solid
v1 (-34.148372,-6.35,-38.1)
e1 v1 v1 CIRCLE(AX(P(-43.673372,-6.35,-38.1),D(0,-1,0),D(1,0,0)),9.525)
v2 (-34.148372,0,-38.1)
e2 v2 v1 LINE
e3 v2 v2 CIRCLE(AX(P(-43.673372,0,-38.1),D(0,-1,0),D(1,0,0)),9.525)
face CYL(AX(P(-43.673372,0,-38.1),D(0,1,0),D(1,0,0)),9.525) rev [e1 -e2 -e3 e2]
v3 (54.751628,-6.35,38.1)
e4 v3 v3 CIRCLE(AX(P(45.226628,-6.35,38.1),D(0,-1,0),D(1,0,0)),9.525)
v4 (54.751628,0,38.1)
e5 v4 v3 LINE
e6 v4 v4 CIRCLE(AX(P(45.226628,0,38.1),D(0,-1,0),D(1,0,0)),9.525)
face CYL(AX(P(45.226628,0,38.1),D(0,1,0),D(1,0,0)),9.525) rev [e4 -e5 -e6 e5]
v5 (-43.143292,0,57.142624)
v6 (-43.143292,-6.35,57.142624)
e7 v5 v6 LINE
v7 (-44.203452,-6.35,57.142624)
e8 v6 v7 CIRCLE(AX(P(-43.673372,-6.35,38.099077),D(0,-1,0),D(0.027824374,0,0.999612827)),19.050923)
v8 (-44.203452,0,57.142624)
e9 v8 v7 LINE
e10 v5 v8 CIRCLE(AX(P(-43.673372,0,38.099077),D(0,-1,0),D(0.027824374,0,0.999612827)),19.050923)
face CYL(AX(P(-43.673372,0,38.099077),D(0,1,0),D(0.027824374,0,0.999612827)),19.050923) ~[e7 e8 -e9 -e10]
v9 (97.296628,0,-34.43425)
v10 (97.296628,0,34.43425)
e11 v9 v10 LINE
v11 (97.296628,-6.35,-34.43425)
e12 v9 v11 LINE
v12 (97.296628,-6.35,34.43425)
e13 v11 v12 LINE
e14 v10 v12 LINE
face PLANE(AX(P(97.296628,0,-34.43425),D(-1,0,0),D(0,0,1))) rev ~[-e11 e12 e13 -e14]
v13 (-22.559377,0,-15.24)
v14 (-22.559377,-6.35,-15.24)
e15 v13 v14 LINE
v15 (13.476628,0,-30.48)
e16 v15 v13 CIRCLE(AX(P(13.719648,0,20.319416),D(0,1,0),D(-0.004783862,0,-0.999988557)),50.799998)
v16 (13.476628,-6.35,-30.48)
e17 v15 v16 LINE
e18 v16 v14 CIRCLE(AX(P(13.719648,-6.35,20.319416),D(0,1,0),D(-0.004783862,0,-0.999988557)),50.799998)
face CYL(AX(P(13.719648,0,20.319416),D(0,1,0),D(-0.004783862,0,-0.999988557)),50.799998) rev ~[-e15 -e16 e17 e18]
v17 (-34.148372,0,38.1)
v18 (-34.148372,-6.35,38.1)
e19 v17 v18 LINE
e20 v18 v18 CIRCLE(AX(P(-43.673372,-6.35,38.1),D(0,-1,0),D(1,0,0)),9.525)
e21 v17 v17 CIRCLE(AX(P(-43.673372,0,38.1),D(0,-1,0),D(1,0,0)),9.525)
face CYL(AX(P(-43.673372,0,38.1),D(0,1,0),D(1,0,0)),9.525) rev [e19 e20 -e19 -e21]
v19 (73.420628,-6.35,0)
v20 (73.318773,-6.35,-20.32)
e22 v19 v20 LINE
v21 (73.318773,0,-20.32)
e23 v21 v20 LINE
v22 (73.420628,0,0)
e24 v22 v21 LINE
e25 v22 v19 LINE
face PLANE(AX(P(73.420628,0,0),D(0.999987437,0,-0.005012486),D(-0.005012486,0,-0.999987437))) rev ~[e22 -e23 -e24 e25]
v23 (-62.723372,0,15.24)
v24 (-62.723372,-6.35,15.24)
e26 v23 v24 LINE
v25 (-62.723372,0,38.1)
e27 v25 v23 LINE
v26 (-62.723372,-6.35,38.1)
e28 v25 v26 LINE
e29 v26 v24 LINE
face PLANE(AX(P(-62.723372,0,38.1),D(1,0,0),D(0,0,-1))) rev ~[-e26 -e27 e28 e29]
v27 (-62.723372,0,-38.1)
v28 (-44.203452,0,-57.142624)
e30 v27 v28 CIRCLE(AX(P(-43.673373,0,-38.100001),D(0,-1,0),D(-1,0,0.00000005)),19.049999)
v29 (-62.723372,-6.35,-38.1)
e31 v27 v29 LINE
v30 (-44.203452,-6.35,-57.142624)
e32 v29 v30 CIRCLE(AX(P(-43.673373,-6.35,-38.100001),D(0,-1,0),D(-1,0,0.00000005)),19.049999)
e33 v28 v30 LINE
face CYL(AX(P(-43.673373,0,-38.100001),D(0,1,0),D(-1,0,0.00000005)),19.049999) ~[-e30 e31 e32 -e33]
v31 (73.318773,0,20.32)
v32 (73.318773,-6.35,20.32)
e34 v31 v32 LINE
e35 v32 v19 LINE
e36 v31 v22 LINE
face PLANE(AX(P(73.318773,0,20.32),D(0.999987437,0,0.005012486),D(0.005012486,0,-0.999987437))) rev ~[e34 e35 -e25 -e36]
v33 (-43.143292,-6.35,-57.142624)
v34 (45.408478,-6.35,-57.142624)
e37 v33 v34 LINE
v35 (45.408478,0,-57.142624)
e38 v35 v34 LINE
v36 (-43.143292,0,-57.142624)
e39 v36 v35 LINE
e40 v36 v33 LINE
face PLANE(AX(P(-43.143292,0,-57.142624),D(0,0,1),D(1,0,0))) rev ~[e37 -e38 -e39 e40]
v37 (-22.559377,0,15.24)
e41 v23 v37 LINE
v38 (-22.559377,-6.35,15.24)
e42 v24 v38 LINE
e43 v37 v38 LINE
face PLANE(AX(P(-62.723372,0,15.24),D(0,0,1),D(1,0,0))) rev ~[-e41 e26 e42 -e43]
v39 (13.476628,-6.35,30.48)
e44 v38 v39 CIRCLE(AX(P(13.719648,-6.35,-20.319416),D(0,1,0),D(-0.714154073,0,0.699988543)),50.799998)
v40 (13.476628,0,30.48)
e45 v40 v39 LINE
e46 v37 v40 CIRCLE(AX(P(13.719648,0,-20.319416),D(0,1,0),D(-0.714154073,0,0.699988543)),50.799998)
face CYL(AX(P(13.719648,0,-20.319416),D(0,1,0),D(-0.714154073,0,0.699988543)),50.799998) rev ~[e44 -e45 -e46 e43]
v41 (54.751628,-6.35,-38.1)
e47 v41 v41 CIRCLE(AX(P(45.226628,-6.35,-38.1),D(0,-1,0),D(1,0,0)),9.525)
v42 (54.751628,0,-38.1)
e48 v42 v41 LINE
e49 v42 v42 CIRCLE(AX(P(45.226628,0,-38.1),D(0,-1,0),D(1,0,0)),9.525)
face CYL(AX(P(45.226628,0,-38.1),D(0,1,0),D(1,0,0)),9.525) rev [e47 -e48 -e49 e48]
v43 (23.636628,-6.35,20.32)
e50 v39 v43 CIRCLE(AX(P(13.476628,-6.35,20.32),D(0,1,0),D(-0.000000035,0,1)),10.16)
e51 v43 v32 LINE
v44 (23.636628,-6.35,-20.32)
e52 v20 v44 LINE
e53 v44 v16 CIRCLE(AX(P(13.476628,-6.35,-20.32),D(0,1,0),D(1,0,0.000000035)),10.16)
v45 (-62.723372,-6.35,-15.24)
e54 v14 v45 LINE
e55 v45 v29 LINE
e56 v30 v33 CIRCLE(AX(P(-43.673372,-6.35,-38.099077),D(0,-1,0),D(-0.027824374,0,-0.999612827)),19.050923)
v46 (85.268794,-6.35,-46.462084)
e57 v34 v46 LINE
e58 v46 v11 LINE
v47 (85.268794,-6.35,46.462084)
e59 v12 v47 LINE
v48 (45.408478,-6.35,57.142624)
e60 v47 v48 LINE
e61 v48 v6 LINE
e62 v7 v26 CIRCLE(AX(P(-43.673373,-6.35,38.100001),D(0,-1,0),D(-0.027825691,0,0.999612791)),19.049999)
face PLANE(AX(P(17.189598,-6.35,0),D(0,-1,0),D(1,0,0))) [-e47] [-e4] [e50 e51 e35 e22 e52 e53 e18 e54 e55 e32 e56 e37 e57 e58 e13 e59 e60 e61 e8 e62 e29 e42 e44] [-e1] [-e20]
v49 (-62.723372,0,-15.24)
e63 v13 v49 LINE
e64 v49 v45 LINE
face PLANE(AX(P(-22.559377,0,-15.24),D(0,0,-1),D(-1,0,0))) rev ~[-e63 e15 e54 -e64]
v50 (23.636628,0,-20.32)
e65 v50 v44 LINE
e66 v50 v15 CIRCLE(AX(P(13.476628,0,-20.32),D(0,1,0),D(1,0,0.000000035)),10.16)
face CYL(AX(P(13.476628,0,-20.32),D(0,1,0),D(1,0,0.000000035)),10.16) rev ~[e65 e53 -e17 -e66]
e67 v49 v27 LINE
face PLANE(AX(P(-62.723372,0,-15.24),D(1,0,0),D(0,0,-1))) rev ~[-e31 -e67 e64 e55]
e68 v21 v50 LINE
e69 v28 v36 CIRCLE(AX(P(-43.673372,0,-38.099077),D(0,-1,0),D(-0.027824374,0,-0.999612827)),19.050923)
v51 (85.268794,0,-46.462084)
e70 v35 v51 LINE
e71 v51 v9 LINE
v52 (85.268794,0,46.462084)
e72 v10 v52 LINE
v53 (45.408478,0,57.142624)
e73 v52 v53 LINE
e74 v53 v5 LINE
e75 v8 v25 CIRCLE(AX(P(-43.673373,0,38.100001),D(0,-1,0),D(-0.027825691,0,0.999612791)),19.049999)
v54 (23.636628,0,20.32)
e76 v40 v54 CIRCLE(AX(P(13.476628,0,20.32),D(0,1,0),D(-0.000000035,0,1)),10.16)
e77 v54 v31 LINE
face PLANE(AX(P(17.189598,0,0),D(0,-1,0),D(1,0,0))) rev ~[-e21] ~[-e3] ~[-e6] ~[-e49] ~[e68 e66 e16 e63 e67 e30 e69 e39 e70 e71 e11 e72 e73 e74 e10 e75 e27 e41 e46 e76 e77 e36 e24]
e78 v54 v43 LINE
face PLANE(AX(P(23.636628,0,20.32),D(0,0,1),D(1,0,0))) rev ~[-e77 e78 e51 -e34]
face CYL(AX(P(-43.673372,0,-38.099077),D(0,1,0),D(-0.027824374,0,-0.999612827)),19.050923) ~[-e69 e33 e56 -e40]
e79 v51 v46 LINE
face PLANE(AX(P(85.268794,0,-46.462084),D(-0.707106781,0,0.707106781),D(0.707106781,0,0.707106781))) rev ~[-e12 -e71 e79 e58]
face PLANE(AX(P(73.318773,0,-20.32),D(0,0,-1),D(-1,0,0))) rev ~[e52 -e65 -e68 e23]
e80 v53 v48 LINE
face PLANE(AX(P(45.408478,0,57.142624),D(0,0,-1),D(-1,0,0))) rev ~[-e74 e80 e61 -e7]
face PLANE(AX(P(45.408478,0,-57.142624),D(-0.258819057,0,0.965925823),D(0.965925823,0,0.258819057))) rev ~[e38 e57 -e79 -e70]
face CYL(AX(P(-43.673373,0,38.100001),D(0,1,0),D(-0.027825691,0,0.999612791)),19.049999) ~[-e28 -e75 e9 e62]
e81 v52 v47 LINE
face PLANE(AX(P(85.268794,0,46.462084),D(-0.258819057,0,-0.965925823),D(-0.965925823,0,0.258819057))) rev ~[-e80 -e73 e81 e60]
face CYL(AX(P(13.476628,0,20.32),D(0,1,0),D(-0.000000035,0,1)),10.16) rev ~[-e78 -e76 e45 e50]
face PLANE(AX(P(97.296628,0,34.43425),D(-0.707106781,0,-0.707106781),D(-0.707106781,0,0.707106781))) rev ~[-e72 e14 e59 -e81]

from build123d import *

# Parameters (mm, degrees)
F0_R     = 9.525
F1_DEPTH = 6.35


with BuildPart() as f1:
    # F0 (on Front) → F1 (new body)
    with BuildSketch(Plane.XZ):
        with BuildLine():
            ThreePointArc((-44.203452, 57.142624), (-57.329882, 51.381651), (-62.723372, 38.1))
            Line((-62.723372, 38.1), (-62.723372, 15.24))
            Line((-62.723372, 15.24), (-22.559377, 15.24))
            ThreePointArc((-22.559377, 15.24), (-6.067452, 26.468514), (13.476628, 30.48))
            ThreePointArc((13.476628, 30.48), (20.660833, 27.504205), (23.636628, 20.32))
            Line((23.636628, 20.32), (73.318773, 20.32))
            Line((73.318773, 20.32), (73.420628, 0))
            Line((73.420628, 0), (73.318773, -20.32))
            Line((73.318773, -20.32), (23.636628, -20.32))
            ThreePointArc((23.636628, -20.32), (20.660833, -27.504205), (13.476628, -30.48))
            ThreePointArc((13.476628, -30.48), (-6.067452, -26.468514), (-22.559377, -15.24))
            Line((-22.559377, -15.24), (-62.723372, -15.24))
            Line((-62.723372, -15.24), (-62.723372, -38.1))
            ThreePointArc((-62.723372, -38.1), (-57.329882, -51.381651), (-44.203452, -57.142624))
            Line((-44.203452, -57.142624), (-43.143292, -57.142624))
            Line((-43.143292, -57.142624), (45.408478, -57.142624))
            Line((45.408478, -57.142624), (85.268794, -46.462084))
            Line((85.268794, -46.462084), (97.296628, -34.43425))
            Line((97.296628, -34.43425), (97.296628, 0))
            Line((97.296628, 0), (97.296628, 34.43425))
            Line((97.296628, 34.43425), (85.268794, 46.462084))
            Line((85.268794, 46.462084), (45.408478, 57.142624))
            Line((45.408478, 57.142624), (-43.143292, 57.142624))
            Line((-43.143292, 57.142624), (-44.203452, 57.142624))
        make_face()
        with Locations((-43.673372, -38.1)):
            Circle(F0_R, mode=Mode.SUBTRACT)
        with Locations((45.226628, -38.1)):
            Circle(F0_R, mode=Mode.SUBTRACT)
        with Locations((-43.673372, 38.1)):
            Circle(F0_R, mode=Mode.SUBTRACT)
        with Locations((45.226628, 38.1)):
            Circle(F0_R, mode=Mode.SUBTRACT)
        with BuildLine():
            ThreePointArc((-43.143292, 57.142624), (-43.673372, 57.15), (-44.203452, 57.142624))
            Line((-44.203452, 57.142624), (-43.143292, 57.142624))
        make_face()
        with BuildLine():
            ThreePointArc((-44.203452, -57.142624), (-43.673372, -57.15), (-43.143292, -57.142624))
            Line((-43.143292, -57.142624), (-44.203452, -57.142624))
        make_face()
    extrude(amount=F1_DEPTH)


solid = f1.part
